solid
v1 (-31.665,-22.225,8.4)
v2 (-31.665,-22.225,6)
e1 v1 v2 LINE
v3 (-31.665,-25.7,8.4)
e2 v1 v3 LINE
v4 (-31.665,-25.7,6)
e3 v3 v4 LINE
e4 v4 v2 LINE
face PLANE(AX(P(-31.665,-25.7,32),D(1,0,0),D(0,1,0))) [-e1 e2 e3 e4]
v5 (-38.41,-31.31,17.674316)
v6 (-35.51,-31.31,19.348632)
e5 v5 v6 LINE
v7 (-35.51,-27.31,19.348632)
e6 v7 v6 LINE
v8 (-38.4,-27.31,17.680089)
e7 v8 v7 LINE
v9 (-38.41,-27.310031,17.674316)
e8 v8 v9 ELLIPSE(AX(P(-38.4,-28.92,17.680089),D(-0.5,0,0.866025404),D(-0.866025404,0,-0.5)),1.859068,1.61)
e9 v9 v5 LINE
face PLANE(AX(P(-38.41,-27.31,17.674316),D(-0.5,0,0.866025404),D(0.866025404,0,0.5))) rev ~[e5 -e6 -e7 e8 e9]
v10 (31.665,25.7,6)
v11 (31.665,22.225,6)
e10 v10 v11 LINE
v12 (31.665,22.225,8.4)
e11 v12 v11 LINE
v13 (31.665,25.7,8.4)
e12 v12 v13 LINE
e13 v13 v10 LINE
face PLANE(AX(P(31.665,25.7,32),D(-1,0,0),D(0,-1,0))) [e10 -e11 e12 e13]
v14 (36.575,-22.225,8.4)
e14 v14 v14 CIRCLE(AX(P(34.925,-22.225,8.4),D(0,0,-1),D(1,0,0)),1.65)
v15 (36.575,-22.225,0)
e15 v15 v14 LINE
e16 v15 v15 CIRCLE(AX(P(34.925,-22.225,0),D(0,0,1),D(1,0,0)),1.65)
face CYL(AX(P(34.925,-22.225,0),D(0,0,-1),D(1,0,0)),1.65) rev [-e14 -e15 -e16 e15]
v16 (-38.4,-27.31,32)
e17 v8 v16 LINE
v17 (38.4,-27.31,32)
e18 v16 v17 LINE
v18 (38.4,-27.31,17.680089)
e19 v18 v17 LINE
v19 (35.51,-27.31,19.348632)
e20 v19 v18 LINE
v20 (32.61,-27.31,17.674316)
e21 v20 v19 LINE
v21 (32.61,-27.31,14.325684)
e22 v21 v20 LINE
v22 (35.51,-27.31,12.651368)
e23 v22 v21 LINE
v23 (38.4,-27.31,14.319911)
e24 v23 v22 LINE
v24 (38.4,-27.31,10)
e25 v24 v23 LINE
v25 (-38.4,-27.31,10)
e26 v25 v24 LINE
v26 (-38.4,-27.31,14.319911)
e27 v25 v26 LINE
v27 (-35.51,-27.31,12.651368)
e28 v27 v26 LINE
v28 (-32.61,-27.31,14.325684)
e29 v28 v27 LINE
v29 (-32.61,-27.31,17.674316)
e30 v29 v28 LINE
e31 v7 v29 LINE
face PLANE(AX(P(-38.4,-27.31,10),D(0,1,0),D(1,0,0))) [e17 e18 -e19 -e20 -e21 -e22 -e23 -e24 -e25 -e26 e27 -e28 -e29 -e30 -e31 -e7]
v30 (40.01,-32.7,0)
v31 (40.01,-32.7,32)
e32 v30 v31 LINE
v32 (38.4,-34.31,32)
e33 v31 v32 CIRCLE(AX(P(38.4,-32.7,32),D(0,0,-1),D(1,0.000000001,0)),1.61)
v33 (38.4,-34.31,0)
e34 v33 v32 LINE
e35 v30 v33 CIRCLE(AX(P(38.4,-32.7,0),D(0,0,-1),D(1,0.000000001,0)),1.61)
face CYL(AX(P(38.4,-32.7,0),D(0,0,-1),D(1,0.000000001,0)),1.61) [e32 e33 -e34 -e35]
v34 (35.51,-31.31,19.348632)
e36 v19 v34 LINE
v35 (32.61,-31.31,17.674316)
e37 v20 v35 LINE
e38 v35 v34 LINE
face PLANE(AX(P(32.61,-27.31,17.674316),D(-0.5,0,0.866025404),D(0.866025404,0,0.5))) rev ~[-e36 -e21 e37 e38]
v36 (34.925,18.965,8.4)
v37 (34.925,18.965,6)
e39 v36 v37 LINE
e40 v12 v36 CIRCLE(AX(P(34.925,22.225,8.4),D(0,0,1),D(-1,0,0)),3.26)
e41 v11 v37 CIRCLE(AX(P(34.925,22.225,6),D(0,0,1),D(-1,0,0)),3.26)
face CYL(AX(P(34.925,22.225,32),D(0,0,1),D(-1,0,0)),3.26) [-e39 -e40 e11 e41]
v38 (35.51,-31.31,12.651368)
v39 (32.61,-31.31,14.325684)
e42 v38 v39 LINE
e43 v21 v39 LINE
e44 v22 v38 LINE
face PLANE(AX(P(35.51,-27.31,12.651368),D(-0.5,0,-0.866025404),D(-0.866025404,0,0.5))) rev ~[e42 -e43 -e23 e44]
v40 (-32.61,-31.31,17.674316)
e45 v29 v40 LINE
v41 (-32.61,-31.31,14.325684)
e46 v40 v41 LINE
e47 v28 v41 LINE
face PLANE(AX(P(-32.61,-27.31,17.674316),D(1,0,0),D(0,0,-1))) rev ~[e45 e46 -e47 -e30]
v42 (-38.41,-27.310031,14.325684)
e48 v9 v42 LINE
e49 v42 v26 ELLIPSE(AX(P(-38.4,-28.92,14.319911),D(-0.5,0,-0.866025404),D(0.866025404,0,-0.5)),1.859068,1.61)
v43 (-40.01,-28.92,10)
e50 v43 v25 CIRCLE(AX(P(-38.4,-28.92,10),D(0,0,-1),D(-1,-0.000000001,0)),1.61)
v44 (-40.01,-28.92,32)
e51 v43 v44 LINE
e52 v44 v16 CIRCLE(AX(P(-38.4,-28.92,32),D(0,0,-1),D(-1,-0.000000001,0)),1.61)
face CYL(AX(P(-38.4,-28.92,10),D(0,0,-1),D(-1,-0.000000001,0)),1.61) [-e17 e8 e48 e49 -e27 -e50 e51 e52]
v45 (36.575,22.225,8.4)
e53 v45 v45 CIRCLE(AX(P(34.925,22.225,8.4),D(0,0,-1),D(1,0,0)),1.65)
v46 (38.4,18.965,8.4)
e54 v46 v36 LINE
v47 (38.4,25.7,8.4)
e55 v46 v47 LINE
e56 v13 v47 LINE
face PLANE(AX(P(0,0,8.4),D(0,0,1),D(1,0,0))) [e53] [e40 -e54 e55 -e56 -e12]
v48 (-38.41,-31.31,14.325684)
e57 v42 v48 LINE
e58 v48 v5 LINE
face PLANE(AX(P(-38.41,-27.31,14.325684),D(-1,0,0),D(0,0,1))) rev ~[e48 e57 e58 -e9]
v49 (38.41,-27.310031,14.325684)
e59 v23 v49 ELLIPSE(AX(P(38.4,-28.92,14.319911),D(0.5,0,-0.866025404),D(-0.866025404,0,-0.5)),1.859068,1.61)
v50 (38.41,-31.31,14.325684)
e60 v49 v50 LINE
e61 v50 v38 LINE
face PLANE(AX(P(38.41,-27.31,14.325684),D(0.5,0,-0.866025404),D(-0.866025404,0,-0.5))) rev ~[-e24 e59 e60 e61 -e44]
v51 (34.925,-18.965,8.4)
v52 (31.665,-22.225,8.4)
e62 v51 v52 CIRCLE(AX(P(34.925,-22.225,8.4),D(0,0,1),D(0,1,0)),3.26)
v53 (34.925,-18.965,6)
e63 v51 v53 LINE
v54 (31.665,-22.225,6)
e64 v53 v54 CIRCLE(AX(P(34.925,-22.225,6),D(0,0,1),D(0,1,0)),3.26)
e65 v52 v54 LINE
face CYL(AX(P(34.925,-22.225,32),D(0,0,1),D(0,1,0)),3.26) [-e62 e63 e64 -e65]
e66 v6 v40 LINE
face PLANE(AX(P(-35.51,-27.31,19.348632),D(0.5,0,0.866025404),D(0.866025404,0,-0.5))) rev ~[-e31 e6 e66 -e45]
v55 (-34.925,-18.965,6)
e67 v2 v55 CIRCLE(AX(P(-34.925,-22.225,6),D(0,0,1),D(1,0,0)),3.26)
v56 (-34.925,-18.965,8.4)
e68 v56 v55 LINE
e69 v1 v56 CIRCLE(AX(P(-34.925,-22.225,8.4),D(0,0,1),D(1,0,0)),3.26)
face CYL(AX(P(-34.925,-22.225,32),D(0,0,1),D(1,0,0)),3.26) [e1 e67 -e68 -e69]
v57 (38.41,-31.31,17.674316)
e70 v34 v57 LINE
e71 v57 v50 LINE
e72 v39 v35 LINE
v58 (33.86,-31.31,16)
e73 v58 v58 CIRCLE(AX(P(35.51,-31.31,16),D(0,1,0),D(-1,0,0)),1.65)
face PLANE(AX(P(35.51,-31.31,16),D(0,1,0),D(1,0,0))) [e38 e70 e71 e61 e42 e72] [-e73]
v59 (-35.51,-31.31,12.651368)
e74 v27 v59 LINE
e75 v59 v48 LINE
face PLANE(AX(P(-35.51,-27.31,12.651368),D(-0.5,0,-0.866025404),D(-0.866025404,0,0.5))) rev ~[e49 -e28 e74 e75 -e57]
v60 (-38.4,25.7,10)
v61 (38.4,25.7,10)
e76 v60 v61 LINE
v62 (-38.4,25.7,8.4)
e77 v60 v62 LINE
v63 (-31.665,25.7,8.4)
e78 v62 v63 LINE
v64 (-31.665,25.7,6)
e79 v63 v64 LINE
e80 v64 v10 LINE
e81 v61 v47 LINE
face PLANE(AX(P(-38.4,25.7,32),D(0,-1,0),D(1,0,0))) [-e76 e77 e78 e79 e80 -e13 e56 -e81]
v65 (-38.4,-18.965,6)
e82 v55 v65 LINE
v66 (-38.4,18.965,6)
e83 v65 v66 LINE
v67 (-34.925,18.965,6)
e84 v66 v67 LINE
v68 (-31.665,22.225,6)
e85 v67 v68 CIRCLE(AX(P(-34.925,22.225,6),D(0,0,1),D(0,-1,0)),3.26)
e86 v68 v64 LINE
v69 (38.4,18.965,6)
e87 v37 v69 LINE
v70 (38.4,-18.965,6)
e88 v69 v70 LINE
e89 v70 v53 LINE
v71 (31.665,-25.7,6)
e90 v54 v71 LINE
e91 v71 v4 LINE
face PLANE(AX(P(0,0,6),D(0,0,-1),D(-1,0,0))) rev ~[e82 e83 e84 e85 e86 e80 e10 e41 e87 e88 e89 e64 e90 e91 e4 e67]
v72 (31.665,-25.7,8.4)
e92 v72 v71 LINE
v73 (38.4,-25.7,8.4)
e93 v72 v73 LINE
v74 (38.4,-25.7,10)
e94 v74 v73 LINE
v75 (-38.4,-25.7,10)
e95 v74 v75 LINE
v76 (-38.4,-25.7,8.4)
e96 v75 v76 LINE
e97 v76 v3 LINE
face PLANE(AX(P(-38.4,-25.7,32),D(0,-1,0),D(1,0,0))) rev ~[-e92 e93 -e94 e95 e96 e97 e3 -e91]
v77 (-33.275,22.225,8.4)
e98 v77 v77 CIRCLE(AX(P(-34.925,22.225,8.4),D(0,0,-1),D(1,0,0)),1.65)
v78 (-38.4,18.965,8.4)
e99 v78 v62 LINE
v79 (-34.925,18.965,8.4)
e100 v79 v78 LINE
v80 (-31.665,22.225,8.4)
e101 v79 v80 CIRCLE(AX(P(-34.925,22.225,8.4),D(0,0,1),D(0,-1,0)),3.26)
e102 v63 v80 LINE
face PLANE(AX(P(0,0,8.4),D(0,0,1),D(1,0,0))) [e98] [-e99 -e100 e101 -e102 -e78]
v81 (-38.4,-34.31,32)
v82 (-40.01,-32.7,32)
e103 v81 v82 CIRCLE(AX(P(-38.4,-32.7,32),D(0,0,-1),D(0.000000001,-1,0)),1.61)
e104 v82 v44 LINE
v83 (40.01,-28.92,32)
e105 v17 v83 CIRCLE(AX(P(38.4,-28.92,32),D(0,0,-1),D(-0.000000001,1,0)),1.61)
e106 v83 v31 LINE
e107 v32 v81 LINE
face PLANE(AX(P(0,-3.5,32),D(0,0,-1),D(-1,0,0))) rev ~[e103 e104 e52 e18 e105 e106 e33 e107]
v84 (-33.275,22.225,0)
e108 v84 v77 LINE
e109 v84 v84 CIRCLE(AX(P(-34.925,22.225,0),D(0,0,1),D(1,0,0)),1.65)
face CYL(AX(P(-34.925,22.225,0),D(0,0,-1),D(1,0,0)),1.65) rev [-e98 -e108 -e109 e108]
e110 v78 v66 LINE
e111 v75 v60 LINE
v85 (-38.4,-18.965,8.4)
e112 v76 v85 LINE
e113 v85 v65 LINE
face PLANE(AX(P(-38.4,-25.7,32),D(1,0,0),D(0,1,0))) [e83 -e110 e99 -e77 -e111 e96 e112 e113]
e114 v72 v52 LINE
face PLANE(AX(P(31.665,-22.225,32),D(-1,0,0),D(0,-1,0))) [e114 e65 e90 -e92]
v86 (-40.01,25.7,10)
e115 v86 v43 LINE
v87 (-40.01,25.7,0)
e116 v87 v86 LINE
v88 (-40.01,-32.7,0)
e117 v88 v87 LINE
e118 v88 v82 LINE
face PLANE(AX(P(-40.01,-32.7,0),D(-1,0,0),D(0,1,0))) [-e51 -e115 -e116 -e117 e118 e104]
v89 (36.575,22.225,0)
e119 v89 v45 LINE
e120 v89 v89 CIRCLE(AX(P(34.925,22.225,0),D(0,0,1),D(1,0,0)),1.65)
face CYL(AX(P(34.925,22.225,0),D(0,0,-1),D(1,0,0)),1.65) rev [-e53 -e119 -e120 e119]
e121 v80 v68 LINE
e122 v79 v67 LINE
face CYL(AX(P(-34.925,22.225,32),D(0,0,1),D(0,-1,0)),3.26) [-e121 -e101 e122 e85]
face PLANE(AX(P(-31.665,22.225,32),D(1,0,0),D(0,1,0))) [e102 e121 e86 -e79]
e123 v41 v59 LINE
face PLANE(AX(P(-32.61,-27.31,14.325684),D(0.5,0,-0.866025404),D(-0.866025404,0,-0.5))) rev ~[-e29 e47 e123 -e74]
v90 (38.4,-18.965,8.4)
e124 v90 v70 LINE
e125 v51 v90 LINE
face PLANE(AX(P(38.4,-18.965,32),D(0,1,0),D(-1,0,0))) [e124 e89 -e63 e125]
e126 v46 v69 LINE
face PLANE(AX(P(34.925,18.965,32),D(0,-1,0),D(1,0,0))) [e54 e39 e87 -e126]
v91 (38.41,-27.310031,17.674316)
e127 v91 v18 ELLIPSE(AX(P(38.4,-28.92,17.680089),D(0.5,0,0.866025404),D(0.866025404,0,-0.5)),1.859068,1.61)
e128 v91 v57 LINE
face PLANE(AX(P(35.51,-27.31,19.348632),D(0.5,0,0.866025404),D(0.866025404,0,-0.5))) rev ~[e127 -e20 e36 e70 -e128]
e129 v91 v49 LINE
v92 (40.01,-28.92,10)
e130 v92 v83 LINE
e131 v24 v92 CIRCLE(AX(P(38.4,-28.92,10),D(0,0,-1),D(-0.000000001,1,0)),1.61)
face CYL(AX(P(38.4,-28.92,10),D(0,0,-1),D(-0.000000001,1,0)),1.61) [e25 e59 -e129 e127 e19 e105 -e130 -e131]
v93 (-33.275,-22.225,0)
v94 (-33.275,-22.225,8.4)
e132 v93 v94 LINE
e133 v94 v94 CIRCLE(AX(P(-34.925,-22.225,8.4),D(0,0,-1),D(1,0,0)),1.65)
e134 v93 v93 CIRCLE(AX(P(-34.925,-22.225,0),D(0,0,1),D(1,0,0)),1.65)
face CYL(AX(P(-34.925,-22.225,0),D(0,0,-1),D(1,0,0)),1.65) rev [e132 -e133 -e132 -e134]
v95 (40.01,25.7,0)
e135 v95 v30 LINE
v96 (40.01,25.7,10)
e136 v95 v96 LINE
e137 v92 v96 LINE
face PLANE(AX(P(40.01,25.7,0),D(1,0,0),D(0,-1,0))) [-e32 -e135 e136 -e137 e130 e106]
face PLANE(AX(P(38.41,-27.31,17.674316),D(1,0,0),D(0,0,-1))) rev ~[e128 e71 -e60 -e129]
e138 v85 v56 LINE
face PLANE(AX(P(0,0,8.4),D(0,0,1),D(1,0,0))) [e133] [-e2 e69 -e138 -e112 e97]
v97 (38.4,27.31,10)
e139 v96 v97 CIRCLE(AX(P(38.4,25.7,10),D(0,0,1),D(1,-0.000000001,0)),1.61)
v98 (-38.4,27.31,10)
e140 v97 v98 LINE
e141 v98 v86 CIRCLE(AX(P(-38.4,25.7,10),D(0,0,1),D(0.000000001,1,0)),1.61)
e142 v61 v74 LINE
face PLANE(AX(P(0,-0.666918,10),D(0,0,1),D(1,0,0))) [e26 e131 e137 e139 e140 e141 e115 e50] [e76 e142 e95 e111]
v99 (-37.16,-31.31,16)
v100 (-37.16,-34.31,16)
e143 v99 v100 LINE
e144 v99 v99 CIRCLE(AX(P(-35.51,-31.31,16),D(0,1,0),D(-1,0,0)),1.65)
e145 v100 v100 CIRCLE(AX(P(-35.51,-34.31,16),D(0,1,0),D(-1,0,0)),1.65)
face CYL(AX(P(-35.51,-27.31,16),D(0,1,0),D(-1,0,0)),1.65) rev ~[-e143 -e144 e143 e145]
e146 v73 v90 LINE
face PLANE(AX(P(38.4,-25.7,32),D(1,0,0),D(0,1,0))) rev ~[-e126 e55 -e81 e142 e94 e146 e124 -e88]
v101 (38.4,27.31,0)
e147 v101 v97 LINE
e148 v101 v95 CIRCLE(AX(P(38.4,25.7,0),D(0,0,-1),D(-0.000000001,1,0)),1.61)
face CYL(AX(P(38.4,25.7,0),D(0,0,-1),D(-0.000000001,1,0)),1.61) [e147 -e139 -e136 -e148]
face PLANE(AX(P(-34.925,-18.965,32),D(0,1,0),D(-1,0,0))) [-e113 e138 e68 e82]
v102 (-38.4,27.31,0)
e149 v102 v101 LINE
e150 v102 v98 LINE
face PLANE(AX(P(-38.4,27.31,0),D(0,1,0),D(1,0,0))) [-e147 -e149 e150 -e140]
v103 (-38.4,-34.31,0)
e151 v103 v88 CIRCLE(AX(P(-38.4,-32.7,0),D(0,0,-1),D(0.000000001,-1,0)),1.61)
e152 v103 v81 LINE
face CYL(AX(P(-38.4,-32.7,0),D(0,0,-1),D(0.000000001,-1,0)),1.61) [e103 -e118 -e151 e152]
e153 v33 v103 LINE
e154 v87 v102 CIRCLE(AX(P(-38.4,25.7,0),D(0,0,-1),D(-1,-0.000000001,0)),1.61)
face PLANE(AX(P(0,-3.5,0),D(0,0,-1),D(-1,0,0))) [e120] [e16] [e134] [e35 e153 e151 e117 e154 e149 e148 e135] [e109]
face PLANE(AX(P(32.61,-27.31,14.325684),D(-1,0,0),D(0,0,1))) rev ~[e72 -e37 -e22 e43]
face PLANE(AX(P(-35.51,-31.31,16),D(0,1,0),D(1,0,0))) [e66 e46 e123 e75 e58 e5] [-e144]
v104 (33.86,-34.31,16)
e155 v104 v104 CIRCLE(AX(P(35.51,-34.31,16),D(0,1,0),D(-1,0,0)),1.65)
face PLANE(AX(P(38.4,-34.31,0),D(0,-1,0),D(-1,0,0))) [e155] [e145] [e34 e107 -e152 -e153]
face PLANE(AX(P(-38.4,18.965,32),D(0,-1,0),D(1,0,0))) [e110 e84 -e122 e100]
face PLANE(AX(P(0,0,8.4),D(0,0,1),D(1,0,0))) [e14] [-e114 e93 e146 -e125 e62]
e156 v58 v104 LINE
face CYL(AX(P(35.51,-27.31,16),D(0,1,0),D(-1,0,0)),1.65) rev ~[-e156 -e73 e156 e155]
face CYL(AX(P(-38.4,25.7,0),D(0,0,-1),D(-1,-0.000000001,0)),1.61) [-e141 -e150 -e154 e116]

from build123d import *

# Parameters (mm, degrees)
SKETCH1_R           = 1.65
BOSS_EXTRUDE1_DEPTH = 32
CUT_EXTRUDE3_START  = -22
CUT_EXTRUDE3_DEPTH  = 22
CUT_EXTRUDE1_DEPTH  = 26
SKETCH3_W           = 76.8
SKETCH3_H           = 51.4
CUT_EXTRUDE2_DEPTH  = 23.6
CUT_EXTRUDE4_REACH  = 76.888
SKETCH5_R           = 1.65
CUT_EXTRUDE5_DEPTH  = 4


with BuildPart() as part:
    # Sketch1 → Boss-Extrude1 (new body)
    with BuildSketch(Plane.XY):
        with BuildLine():
            Line((-40.01, -32.7), (-40.01, 25.7))
            ThreePointArc((-40.01, 25.7), (-39.538441918, 26.838441918), (-38.4, 27.31))
            Line((-38.4, 27.31), (38.4, 27.31))
            ThreePointArc((38.4, 27.31), (39.538441918, 26.838441918), (40.01, 25.7))
            Line((40.01, 25.7), (40.01, -32.7))
            ThreePointArc((40.01, -32.7), (39.538441918, -33.838441918), (38.4, -34.31))
            Line((38.4, -34.31), (-38.4, -34.31))
            ThreePointArc((-38.4, -34.31), (-39.538441918, -33.838441918), (-40.01, -32.7))
        make_face()
        with Locations((-34.925, 22.225)):
            Circle(SKETCH1_R, mode=Mode.SUBTRACT)
        with Locations((-34.925, -22.225)):
            Circle(SKETCH1_R, mode=Mode.SUBTRACT)
        with Locations((34.925, 22.225)):
            Circle(SKETCH1_R, mode=Mode.SUBTRACT)
        with Locations((34.925, -22.225)):
            Circle(SKETCH1_R, mode=Mode.SUBTRACT)
    extrude(amount=BOSS_EXTRUDE1_DEPTH)

    # Sketch4 → Cut-Extrude3 (cut)
    with BuildSketch(Plane.XY.offset(32).offset(CUT_EXTRUDE3_START)):
        with BuildLine():
            Line((-38.4, -27.31), (38.4, -27.31))
            ThreePointArc((38.4, -27.31), (39.538441918, -27.781558082), (40.01, -28.92))
            Line((40.01, -28.92), (40.01, 25.7))
            ThreePointArc((40.01, 25.7), (39.538441918, 26.838441918), (38.4, 27.31))
            Line((38.4, 27.31), (-38.4, 27.31))
            ThreePointArc((-38.4, 27.31), (-39.538441918, 26.838441918), (-40.01, 25.7))
            Line((-40.01, 25.7), (-40.01, -28.92))
            ThreePointArc((-40.01, -28.92), (-39.538441918, -27.781558082), (-38.4, -27.31))
        make_face()
    extrude(amount=CUT_EXTRUDE3_DEPTH, mode=Mode.SUBTRACT)

    # Sketch2 → Cut-Extrude1 (cut)
    with BuildSketch(Plane.XY.offset(32)):
        with BuildLine():
            Line((-31.665, 25.7), (31.665, 25.7))
            Line((31.665, 25.7), (31.665, 22.225))
            ThreePointArc((31.665, 22.225), (32.619831893, 19.919831893), (34.925, 18.965))
            Line((34.925, 18.965), (38.4, 18.965))
            Line((38.4, 18.965), (38.4, -18.965))
            Line((38.4, -18.965), (34.925, -18.965))
            ThreePointArc((34.925, -18.965), (32.619831893, -19.919831893), (31.665, -22.225))
            Line((31.665, -22.225), (31.665, -25.7))
            Line((31.665, -25.7), (-31.665, -25.7))
            Line((-31.665, -25.7), (-31.665, -22.225))
            ThreePointArc((-31.665, -22.225), (-32.619831893, -19.919831893), (-34.925, -18.965))
            Line((-34.925, -18.965), (-38.4, -18.965))
            Line((-38.4, -18.965), (-38.4, 18.965))
            Line((-38.4, 18.965), (-34.925, 18.965))
            ThreePointArc((-34.925, 18.965), (-32.619831893, 19.919831893), (-31.665, 22.225))
            Line((-31.665, 22.225), (-31.665, 25.7))
        make_face()
    extrude(amount=-CUT_EXTRUDE1_DEPTH, mode=Mode.SUBTRACT)

    # Sketch3 → Cut-Extrude2 (cut)
    with BuildSketch(Plane.XY.offset(32)):
        Rectangle(SKETCH3_W, SKETCH3_H)
    extrude(amount=-CUT_EXTRUDE2_DEPTH, mode=Mode.SUBTRACT)

    # Sketch5 → Cut-Extrude4 (cut, up to next)
    with BuildSketch(Plane(origin=(0, -27.31, 0), x_dir=(1, 0, 0), z_dir=(0, 1, 0)), mode=Mode.PRIVATE) as cut_extrude4_sk1:
        with Locations(Location((-35.51, -16, 0), (0, 0, 180))):
            Circle(SKETCH5_R)
    cut_extrude4_tool1 = extrude(cut_extrude4_sk1.sketch, amount=-CUT_EXTRUDE4_REACH, mode=Mode.PRIVATE) & part.part
    # Sketch5 → Cut-Extrude4 (cut, up to next)
    with BuildSketch(Plane(origin=(0, -27.31, 0), x_dir=(1, 0, 0), z_dir=(0, 1, 0)), mode=Mode.PRIVATE) as cut_extrude4_sk2:
        with Locations(Location((35.51, -16, 0), (0, 0, 180))):
            Circle(SKETCH5_R)
    cut_extrude4_tool2 = extrude(cut_extrude4_sk2.sketch, amount=-CUT_EXTRUDE4_REACH, mode=Mode.PRIVATE) & part.part
    add(cut_extrude4_tool1.solids().sort_by_distance((-35.51, -27.31, 16))[0], mode=Mode.SUBTRACT)
    add(cut_extrude4_tool2.solids().sort_by_distance((35.51, -27.31, 16))[0], mode=Mode.SUBTRACT)

    # Sketch6 → Cut-Extrude5 (cut)
    with BuildSketch(Plane(origin=(0, -27.31, 0), x_dir=(1, 0, 0), z_dir=(0, 1, 0))):
        Polygon((-35.51, -19.348631561), (-32.61, -17.674315781), (-32.61, -14.325684219), (-35.51, -12.651368439), (-38.41, -14.325684219), (-38.41, -17.674315781), align=None)
        Polygon((35.51, -19.348631561), (38.41, -17.674315781), (38.41, -14.325684219), (35.51, -12.651368439), (32.61, -14.325684219), (32.61, -17.674315781), align=None)
    extrude(amount=-CUT_EXTRUDE5_DEPTH, mode=Mode.SUBTRACT)


solid = part.part
